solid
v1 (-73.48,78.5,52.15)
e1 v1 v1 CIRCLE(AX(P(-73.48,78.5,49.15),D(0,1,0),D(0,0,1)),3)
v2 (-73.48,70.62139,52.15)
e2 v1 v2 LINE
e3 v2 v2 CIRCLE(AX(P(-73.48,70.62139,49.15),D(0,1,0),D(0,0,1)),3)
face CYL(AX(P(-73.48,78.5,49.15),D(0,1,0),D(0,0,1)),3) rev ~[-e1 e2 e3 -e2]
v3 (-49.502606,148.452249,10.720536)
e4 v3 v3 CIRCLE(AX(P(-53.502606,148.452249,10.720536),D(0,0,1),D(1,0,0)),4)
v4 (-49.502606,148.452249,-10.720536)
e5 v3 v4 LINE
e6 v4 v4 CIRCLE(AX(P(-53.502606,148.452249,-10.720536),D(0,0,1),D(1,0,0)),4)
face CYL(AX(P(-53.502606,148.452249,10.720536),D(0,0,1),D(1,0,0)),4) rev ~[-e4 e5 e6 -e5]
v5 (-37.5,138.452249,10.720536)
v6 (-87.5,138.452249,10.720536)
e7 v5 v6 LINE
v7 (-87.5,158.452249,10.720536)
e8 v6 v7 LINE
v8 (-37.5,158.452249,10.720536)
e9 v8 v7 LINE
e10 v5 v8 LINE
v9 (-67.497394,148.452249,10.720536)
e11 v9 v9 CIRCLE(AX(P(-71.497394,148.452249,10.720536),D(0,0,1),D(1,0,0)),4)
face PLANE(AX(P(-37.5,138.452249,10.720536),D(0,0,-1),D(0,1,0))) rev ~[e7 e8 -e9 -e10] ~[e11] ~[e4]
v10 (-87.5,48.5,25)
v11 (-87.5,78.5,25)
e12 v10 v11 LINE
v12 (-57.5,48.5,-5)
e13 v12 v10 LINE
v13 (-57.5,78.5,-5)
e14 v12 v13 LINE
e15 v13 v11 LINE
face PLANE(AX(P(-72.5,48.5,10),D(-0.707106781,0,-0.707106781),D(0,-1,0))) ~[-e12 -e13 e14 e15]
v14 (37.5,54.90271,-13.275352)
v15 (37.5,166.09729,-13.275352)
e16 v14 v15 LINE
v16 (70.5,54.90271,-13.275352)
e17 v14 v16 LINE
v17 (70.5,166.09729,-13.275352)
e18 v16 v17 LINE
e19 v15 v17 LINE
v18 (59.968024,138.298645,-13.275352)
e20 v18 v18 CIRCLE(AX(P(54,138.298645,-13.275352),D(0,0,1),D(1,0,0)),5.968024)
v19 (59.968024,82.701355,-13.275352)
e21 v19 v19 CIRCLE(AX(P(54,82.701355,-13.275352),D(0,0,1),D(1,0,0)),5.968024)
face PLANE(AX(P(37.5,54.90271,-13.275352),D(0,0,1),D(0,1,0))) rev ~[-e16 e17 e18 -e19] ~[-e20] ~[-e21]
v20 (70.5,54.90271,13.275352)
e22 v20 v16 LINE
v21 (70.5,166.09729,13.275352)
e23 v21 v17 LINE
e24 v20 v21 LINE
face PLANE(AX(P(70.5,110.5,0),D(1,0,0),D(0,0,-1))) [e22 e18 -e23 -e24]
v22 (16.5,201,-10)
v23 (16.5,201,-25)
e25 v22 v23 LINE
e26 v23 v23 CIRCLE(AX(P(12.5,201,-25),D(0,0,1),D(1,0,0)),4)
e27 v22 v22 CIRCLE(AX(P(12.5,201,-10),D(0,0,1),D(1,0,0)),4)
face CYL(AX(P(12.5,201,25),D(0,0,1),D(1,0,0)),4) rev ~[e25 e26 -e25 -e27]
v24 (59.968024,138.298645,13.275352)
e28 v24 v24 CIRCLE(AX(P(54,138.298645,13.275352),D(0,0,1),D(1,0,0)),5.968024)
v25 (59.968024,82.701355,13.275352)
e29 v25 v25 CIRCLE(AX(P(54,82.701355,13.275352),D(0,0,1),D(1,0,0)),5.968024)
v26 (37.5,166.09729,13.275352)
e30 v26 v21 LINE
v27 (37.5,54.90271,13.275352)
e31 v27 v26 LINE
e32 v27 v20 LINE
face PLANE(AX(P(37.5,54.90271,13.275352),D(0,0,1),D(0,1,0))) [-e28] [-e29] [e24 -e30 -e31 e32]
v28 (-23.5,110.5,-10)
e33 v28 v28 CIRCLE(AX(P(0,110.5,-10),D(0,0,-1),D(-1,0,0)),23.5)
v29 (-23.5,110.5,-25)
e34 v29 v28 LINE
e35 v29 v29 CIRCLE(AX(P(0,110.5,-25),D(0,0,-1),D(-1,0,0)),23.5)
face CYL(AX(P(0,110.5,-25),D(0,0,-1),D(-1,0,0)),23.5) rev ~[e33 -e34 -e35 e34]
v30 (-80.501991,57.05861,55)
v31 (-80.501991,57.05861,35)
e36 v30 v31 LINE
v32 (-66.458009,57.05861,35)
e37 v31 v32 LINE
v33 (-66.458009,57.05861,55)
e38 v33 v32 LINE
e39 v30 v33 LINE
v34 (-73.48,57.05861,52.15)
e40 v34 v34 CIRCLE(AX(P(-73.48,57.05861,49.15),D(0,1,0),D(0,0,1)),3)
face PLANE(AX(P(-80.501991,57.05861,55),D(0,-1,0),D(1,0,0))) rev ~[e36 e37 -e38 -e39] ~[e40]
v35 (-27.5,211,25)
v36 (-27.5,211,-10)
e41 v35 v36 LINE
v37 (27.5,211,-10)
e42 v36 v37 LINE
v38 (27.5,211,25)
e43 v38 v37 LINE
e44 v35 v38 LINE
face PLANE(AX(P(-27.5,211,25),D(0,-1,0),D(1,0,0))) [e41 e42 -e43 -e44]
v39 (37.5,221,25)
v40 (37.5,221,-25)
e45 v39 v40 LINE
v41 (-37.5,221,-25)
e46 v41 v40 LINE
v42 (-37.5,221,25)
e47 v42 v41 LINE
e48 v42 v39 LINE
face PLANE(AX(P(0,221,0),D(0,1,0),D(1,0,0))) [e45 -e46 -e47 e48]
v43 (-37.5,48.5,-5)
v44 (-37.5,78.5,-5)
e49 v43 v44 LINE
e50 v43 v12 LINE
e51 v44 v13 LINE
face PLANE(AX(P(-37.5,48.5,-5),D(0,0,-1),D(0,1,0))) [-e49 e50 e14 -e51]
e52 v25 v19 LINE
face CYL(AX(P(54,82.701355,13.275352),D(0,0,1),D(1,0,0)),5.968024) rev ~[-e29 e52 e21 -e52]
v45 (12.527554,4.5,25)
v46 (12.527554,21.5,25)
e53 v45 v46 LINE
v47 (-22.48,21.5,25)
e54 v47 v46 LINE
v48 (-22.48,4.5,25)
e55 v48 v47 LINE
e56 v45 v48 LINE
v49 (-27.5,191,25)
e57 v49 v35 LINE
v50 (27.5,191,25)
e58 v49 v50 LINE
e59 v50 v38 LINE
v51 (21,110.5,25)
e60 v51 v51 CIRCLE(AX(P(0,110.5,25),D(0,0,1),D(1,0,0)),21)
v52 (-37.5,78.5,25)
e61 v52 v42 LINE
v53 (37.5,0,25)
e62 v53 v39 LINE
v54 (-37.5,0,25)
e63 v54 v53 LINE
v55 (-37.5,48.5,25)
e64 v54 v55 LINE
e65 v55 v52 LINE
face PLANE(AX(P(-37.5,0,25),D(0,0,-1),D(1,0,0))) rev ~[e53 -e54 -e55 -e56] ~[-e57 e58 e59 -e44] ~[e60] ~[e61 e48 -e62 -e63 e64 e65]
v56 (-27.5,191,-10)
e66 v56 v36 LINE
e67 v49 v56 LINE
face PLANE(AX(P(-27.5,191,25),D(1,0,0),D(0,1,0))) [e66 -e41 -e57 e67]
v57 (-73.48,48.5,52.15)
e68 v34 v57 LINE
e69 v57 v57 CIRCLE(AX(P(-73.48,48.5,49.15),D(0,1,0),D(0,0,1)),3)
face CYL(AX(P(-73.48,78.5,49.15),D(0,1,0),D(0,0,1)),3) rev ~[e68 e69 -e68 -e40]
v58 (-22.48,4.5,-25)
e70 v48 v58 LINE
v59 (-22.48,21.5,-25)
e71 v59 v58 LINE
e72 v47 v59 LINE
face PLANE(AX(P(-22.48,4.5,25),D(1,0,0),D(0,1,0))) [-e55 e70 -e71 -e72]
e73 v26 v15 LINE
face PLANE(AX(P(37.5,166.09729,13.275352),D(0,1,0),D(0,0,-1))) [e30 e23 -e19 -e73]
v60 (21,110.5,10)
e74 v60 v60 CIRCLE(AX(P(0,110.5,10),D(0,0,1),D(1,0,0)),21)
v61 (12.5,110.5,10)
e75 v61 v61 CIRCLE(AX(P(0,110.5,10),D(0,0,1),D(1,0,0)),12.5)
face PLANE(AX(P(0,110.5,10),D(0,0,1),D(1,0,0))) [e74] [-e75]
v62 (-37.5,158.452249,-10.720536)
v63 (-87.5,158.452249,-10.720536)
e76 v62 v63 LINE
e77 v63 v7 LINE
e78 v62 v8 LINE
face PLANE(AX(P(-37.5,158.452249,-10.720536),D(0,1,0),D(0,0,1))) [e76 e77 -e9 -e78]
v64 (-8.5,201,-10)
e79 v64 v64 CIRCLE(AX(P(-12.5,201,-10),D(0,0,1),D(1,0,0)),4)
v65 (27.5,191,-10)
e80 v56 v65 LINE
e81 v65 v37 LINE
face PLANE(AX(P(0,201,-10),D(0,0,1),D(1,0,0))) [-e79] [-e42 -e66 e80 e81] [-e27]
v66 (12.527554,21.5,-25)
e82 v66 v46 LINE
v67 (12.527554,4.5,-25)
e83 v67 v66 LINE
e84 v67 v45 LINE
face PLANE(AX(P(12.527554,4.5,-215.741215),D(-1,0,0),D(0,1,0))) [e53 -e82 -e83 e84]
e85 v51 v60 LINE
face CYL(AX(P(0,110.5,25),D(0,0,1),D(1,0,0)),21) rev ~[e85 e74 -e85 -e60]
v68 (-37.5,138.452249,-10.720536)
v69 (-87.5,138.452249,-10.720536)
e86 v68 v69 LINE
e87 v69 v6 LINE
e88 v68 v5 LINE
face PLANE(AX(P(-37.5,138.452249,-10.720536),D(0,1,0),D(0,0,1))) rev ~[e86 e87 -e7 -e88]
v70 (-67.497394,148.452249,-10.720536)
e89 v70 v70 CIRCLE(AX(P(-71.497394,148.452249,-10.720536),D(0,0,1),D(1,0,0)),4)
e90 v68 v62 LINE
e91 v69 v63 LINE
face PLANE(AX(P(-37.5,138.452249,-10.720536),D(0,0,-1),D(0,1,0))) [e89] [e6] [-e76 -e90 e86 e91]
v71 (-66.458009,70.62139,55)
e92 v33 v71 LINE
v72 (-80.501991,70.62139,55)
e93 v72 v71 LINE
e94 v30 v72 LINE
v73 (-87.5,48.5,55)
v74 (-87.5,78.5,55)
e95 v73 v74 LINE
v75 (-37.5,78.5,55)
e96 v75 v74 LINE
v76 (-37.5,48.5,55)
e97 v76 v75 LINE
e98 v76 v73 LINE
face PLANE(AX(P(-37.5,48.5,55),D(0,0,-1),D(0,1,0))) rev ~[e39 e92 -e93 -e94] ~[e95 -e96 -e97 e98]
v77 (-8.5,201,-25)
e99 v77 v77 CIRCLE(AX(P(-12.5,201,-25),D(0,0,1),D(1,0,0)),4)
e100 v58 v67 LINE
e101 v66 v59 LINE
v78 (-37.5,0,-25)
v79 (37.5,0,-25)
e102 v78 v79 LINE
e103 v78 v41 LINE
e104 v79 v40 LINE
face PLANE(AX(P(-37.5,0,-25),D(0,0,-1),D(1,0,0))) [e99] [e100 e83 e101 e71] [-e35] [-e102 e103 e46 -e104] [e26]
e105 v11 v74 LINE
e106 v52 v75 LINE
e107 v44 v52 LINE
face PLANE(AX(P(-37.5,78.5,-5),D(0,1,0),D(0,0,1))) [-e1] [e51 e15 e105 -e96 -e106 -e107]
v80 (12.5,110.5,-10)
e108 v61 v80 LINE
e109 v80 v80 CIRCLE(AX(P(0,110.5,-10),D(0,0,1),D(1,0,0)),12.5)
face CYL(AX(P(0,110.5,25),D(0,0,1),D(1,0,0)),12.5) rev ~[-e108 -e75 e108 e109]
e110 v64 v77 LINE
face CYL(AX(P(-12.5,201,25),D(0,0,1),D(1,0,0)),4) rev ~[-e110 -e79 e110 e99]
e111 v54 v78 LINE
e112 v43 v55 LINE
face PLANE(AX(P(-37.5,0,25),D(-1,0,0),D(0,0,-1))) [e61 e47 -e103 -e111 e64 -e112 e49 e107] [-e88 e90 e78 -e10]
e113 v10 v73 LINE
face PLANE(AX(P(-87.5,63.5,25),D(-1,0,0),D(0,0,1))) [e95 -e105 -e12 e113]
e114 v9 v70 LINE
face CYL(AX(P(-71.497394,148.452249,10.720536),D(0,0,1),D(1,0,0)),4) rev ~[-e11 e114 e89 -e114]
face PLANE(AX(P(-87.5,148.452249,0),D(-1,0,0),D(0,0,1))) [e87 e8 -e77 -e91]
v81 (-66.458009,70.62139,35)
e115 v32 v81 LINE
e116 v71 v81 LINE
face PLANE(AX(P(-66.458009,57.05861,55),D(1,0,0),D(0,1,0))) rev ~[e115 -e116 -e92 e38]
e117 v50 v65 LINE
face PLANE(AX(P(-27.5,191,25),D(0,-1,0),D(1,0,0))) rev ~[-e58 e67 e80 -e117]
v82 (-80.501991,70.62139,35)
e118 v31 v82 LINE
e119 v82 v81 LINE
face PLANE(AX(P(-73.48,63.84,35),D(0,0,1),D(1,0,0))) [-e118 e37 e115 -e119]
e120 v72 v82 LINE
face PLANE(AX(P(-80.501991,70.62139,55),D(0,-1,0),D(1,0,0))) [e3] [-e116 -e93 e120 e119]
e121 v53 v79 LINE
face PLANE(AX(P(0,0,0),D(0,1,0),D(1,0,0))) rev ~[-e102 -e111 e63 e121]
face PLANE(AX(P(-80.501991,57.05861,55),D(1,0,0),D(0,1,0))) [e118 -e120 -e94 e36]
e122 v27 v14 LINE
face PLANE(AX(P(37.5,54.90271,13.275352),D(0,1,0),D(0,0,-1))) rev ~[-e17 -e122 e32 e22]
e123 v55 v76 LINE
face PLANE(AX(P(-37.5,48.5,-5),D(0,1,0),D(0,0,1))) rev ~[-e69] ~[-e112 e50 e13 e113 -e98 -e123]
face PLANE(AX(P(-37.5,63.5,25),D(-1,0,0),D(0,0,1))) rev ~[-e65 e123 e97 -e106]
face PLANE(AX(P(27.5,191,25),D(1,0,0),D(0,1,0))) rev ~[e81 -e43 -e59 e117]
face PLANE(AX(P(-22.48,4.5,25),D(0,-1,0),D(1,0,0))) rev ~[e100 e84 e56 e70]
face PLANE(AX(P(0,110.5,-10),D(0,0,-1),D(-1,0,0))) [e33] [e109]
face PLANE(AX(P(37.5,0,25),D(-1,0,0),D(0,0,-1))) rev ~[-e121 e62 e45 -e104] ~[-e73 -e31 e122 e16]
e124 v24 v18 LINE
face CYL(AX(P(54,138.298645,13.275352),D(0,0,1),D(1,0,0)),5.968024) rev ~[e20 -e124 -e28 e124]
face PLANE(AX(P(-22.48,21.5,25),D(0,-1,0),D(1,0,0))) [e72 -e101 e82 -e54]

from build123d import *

# Parameters (mm, degrees)
SKETCH1_W                         = 75
SKETCH1_H                         = 50
BE_MAIN_UPRIGHT_BODY_DEPTH        = 221
SKETCH4_R                         = 12.5
CE_THROUGH_HOLE_DEPTH             = 230.667694724
SKETCH2_R                         = 21
CE_INNER_BEARING_DEPTH            = 15
SKETCH3_R                         = 23.5
CE_OUTER_BEARING_DEPTH            = 15
SKETCH7_W                         = 26.55070312
SKETCH7_H                         = 111.194580496
BE_CALIPER_MOUNT_DEPTH            = 33
SKETCH8_W                         = 21.441072272
SKETCH8_H                         = 20
BE_TEMP_SENSOR_MOUNT_DEPTH        = 50
SKETCH9_W                         = 60
SKETCH9_H                         = 30
BE_TIE_ROD_MOUNT_DEPTH            = 50
SKETCH10_R                        = 5.968024458
CE_CALIPER_HOLES_DEPTH            = 242.325913005
SKETCH12_R                        = 4
CE_TOP_CLEVIS_HOLES_DEPTH         = 243.893495178
SKETCH13_W                        = 55
SKETCH13_H                        = 20
CE_TOP_CLEVIS_SPACE_DEPTH         = 35
SKETCH14_W                        = 25
SKETCH14_H                        = 12
CE_BOTTOM_CLEVIS_SPACE_DEPTH      = 243.893495178
SKETCH15_W                        = 25
SKETCH15_H                        = 5
CE_EXPAND_BOTTOM_CLEVIS_DEPTH     = 243.893495178
CE_WIDEN_BOTTOM_CLEVIS_DEPTH      = 240.74121548
CE_WIDEN_BOTTOM_CLEVIS_DEPTH_BACK = 240.74121548
SKETCH16_W                        = 10.007554032
SKETCH16_H                        = 17
CHAMFER1_SIZE                     = 30
SKETCH18_W                        = 14.04398123
SKETCH18_H                        = 13.562779604
CUT_EXTRUDE1_DEPTH                = 20
SKETCH19_R                        = 3
CUT_EXTRUDE2_DEPTH                = 177.032667423
SKETCH20_R                        = 4
CUT_EXTRUDE3_DEPTH                = 242.780729009


with BuildPart() as part:
    # Sketch1 → BE - main upright body (new body)
    with BuildSketch(Plane(origin=(0, 0, 0), x_dir=(1, 0, 0), z_dir=(0, 1, 0))):
        Rectangle(SKETCH1_W, SKETCH1_H)
    extrude(amount=BE_MAIN_UPRIGHT_BODY_DEPTH)

    # Sketch4 → CE - Through hole (cut, through all)
    with BuildSketch(Plane.XY.offset(25)):
        with Locations((0, 110.5)):
            Circle(SKETCH4_R)
    extrude(amount=-CE_THROUGH_HOLE_DEPTH, mode=Mode.SUBTRACT)

    # Sketch2 → CE - Inner bearing (cut)
    with BuildSketch(Plane.XY.offset(25)):
        with Locations((0, 110.5)):
            Circle(SKETCH2_R)
    extrude(amount=-CE_INNER_BEARING_DEPTH, mode=Mode.SUBTRACT)

    # Sketch3 → CE - Outer bearing (cut)
    with BuildSketch(Plane(origin=(0, 0, -25), x_dir=(-1, 0, 0), z_dir=(0, 0, -1))):
        with Locations((0, 110.5)):
            Circle(SKETCH3_R)
    extrude(amount=-CE_OUTER_BEARING_DEPTH, mode=Mode.SUBTRACT)

    # Sketch7 → BE - caliper mount (add)
    with BuildSketch(Plane(origin=(37.5, 0, 0), x_dir=(0, 0, -1), z_dir=(1, 0, 0))):
        with Locations((0, 110.5)):
            Rectangle(SKETCH7_W, SKETCH7_H)
    extrude(amount=BE_CALIPER_MOUNT_DEPTH)

    # Sketch8 → BE - temp sensor mount (add)
    with BuildSketch(Plane.ZY.offset(37.5)):
        with Locations((0, 148.452249223)):
            Rectangle(SKETCH8_W, SKETCH8_H)
    extrude(amount=BE_TEMP_SENSOR_MOUNT_DEPTH)

    # Sketch9 → BE - tie rod mount (add)
    with BuildSketch(Plane.ZY.offset(37.5)):
        with Locations((25, 63.5)):
            Rectangle(SKETCH9_W, SKETCH9_H)
    extrude(amount=BE_TIE_ROD_MOUNT_DEPTH)

    # Sketch10 → CE - caliper holes (cut, through all)
    with BuildSketch(Plane.XY.offset(13.27535156)):
        with Locations((54, 138.298645124)):
            Circle(SKETCH10_R)
        with Locations((54, 82.701354876)):
            Circle(SKETCH10_R)
    extrude(amount=-CE_CALIPER_HOLES_DEPTH, mode=Mode.SUBTRACT)

    # Sketch12 → CE - top clevis holes (cut, through all)
    with BuildSketch(Plane.XY.offset(25)):
        with Locations((-12.5, 201)):
            Circle(SKETCH12_R)
        with Locations((12.5, 201)):
            Circle(SKETCH12_R)
    extrude(amount=-CE_TOP_CLEVIS_HOLES_DEPTH, mode=Mode.SUBTRACT)

    # Sketch13 → CE - top clevis space (cut)
    with BuildSketch(Plane.XY.offset(25)):
        with Locations((0, 201)):
            Rectangle(SKETCH13_W, SKETCH13_H)
    extrude(amount=-CE_TOP_CLEVIS_SPACE_DEPTH, mode=Mode.SUBTRACT)

    # Sketch14 → CE - bottom clevis space (cut, through all)
    with BuildSketch(Plane.XY.offset(25)):
        with Locations((-9.98, 10.5)):
            Rectangle(SKETCH14_W, SKETCH14_H)
    extrude(amount=-CE_BOTTOM_CLEVIS_SPACE_DEPTH, mode=Mode.SUBTRACT)

    # Sketch15 → CE - expand bottom clevis (cut, through all)
    with BuildSketch(Plane.XY.offset(25)):
        with Locations((-9.98, 19)):
            Rectangle(SKETCH15_W, SKETCH15_H)
    extrude(amount=-CE_EXPAND_BOTTOM_CLEVIS_DEPTH, mode=Mode.SUBTRACT)

    # Sketch16 → CE - widen bottom clevis (cut, two sides: drawn at the far end of the back side and taken through both)
    with BuildSketch(Plane(origin=(2.52, 4.5, 25), x_dir=(1, 0, 0), z_dir=(0, 0, 1)).offset(-CE_WIDEN_BOTTOM_CLEVIS_DEPTH_BACK)):
        with Locations((5.003777016, 8.5)):
            Rectangle(SKETCH16_W, SKETCH16_H)
    extrude(amount=CE_WIDEN_BOTTOM_CLEVIS_DEPTH + CE_WIDEN_BOTTOM_CLEVIS_DEPTH_BACK, mode=Mode.SUBTRACT)

    # Chamfer1
    chamfer1_edges = [part.edges().sort_by_distance(p)[0] for p in [
        (-87.5, 63.5, -5),
    ]]
    chamfer(chamfer1_edges, length=CHAMFER1_SIZE)

    # Sketch18 → Cut-Extrude1 (cut)
    with BuildSketch(Plane.XY.offset(55)):
        with Locations((-73.48, 63.84)):
            Rectangle(SKETCH18_W, SKETCH18_H)
    extrude(amount=-CUT_EXTRUDE1_DEPTH, mode=Mode.SUBTRACT)

    # Sketch19 → Cut-Extrude2 (cut, through all)
    with BuildSketch(Plane(origin=(0, 78.5, 0), x_dir=(1, 0, 0), z_dir=(0, 1, 0))):
        with Locations(Location((-73.48, -49.15, 0), (0, 0, 270))):
            Circle(SKETCH19_R)
    extrude(amount=-CUT_EXTRUDE2_DEPTH, mode=Mode.SUBTRACT)

    # Sketch20 → Cut-Extrude3 (cut, through all)
    with BuildSketch(Plane.XY.offset(10.720536136)):
        with Locations((-53.502606246, 148.452249223)):
            Circle(SKETCH20_R)
        with Locations((-71.497393754, 148.452249223)):
            Circle(SKETCH20_R)
    extrude(amount=-CUT_EXTRUDE3_DEPTH, mode=Mode.SUBTRACT)


solid = part.part
